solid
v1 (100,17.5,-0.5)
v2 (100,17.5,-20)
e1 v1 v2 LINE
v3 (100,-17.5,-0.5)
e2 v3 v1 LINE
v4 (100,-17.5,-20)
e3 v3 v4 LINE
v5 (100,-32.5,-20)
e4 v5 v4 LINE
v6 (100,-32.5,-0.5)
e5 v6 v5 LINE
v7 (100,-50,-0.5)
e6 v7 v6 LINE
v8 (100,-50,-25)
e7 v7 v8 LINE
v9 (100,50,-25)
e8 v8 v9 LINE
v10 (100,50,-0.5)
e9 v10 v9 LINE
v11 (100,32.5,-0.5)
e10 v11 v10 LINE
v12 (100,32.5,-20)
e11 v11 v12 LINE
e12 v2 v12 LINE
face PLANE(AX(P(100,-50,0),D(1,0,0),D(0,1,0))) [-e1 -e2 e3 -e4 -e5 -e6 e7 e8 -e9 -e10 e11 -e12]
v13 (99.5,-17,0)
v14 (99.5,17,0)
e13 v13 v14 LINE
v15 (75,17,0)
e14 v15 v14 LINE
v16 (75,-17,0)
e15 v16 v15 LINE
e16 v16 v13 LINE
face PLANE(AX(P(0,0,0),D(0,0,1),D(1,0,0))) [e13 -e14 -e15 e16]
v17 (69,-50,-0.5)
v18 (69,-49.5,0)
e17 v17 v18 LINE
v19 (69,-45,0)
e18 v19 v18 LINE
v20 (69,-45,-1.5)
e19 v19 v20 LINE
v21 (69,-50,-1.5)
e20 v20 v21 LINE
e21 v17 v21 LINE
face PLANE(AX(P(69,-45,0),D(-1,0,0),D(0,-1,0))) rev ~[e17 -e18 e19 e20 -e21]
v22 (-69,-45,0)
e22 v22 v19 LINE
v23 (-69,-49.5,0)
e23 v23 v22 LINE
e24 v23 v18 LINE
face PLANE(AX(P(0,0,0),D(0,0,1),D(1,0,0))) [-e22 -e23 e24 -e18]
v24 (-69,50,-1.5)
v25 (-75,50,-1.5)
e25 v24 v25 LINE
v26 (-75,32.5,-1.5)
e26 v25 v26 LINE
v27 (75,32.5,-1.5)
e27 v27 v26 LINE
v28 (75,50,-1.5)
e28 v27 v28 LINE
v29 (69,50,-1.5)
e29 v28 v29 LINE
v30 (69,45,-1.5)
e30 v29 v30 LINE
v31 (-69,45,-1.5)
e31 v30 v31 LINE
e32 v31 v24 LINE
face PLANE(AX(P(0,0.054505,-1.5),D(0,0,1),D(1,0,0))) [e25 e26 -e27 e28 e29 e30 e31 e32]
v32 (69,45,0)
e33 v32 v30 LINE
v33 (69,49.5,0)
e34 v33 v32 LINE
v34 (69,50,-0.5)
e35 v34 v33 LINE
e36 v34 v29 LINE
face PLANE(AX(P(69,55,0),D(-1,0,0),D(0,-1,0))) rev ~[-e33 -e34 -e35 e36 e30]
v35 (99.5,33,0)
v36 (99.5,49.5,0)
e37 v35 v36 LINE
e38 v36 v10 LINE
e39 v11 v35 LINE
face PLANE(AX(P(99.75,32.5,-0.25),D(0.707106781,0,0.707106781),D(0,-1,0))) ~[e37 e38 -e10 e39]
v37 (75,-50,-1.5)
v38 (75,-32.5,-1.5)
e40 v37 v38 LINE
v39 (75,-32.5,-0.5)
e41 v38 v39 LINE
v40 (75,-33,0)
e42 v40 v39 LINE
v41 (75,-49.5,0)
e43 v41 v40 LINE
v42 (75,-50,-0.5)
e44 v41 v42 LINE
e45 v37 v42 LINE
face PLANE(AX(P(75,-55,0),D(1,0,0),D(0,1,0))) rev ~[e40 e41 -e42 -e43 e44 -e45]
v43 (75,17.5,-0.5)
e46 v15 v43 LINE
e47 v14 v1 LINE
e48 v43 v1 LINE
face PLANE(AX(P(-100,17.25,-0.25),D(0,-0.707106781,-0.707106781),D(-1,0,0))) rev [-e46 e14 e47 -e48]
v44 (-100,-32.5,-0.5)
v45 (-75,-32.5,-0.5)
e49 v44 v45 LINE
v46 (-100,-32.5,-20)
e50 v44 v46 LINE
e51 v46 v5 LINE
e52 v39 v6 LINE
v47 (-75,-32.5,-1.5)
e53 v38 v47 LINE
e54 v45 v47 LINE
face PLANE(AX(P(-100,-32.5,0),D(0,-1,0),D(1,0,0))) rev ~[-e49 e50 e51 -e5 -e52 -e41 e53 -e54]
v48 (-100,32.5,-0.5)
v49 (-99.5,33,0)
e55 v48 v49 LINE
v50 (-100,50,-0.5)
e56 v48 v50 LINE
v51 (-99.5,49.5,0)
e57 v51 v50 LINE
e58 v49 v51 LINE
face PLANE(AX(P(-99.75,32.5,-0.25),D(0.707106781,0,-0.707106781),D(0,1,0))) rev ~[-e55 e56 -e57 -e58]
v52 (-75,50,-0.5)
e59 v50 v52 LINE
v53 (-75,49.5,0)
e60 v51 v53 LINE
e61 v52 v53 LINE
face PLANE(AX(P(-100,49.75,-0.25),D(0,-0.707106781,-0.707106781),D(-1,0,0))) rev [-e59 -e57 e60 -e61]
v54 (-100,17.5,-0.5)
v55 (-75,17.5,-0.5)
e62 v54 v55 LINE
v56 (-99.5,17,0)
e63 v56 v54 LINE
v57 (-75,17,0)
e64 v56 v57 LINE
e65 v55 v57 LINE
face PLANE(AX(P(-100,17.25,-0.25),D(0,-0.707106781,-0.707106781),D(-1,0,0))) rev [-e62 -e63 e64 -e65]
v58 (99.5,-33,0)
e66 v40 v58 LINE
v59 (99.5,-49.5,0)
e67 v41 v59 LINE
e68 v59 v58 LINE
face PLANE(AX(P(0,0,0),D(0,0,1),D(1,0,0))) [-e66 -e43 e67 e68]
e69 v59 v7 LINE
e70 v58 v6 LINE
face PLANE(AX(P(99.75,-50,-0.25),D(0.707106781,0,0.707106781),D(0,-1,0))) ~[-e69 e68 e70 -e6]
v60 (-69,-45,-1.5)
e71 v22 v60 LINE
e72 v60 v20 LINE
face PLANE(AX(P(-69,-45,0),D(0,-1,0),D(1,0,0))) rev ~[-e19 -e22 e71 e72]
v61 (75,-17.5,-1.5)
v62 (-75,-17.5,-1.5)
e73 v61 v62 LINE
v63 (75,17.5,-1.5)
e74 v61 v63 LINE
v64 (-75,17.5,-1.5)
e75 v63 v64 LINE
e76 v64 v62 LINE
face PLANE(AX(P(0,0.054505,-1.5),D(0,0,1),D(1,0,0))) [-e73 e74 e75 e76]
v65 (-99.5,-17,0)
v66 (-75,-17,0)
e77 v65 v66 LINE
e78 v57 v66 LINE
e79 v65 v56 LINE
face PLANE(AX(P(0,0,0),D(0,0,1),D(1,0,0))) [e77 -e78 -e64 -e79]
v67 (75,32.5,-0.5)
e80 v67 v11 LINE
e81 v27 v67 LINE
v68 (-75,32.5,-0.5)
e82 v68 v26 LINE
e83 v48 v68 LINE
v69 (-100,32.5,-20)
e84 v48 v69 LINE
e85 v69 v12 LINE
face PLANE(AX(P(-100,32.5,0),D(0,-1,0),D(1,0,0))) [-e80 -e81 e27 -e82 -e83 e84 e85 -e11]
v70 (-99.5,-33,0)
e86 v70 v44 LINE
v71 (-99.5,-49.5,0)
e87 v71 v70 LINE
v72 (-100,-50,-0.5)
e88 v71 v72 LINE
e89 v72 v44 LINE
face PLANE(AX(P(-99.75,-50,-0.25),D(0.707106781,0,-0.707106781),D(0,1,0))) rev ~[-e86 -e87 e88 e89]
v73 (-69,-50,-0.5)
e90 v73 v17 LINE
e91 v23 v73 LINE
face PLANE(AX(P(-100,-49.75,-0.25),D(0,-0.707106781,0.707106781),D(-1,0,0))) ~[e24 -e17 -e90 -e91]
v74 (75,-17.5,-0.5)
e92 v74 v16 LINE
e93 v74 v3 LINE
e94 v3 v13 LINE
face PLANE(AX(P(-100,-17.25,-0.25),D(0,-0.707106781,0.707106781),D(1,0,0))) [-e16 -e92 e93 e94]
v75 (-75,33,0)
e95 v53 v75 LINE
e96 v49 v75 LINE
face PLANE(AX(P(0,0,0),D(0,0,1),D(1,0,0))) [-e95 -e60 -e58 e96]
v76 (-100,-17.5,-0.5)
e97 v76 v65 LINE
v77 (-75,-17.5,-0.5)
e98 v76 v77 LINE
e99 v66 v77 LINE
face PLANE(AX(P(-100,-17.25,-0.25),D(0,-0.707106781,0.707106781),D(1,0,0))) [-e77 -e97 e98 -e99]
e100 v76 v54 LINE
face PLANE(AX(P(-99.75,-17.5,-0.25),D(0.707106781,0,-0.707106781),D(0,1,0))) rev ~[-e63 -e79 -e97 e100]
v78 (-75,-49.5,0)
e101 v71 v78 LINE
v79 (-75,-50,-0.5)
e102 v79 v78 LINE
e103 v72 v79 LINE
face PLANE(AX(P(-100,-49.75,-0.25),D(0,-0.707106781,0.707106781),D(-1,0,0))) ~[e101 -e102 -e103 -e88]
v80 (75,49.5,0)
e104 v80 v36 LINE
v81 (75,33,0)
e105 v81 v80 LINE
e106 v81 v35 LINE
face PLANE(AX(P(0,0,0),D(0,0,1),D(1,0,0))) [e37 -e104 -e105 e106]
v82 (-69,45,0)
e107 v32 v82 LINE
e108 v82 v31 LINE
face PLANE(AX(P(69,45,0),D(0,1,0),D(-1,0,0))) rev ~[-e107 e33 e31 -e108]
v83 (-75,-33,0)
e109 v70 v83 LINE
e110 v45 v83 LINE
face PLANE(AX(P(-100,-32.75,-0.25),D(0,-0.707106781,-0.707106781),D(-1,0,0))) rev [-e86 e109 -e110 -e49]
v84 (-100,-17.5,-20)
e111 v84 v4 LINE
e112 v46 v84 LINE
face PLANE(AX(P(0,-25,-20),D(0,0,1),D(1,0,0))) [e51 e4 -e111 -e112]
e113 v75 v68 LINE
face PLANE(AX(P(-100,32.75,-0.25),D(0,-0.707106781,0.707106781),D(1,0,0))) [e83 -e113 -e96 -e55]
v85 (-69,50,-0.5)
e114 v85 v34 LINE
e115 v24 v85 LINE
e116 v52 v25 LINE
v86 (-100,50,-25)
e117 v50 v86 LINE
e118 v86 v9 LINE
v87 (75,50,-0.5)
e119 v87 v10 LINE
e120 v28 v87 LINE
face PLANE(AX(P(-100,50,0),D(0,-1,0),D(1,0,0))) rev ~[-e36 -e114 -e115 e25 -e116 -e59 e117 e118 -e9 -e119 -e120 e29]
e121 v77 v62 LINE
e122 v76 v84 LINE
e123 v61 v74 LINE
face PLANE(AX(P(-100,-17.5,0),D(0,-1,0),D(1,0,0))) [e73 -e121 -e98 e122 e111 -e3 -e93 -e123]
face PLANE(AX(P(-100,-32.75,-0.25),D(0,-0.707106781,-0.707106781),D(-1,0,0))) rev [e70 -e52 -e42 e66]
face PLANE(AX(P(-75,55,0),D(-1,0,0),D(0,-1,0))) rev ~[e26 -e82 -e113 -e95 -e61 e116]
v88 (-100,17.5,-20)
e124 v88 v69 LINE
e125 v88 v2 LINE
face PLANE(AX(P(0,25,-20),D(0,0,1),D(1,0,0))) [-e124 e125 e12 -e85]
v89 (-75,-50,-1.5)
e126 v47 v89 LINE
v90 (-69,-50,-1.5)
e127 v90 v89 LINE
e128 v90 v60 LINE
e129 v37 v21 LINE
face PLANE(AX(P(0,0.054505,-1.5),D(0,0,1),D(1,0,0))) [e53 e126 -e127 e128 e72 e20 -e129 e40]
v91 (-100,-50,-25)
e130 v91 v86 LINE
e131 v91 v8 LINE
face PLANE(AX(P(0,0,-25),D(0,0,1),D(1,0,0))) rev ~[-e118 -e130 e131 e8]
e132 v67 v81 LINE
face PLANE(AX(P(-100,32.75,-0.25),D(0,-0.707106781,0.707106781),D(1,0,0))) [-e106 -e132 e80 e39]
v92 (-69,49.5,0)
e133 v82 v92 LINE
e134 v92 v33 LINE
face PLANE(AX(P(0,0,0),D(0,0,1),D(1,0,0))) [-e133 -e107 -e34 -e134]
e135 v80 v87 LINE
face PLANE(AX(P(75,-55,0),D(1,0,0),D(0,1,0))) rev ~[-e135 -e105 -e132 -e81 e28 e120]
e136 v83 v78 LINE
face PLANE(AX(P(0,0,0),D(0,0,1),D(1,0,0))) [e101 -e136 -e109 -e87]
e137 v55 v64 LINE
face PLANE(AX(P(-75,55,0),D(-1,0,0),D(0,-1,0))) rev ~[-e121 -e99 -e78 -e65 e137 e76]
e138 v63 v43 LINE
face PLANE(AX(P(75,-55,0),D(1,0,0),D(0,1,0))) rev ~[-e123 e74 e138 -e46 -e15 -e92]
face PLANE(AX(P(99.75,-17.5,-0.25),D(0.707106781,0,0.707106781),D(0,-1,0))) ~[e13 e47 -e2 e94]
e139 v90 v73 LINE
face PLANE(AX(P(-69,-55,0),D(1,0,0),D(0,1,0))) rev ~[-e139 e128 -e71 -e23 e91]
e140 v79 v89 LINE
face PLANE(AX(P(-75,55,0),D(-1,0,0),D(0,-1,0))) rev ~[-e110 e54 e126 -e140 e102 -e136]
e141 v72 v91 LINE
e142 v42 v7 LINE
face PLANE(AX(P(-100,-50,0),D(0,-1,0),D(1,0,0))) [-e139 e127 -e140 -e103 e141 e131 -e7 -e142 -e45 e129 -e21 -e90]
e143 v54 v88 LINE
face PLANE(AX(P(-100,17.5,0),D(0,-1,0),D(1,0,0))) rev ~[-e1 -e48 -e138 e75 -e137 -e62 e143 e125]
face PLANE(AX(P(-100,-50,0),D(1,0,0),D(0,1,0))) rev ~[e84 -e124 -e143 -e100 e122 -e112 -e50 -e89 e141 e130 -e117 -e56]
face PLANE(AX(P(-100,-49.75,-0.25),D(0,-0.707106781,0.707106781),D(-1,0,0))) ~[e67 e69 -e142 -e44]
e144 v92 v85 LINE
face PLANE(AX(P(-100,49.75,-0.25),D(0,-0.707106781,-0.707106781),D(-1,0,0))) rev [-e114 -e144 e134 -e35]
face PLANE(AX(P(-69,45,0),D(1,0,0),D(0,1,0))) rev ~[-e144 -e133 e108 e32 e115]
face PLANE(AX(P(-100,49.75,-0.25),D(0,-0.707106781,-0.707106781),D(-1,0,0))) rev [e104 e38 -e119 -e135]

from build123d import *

# Parameters (mm, degrees)
F0_W     = 200
F0_H     = 100
F1_DEPTH = 25
F2_W     = 200
F2_H     = 15
F3_DEPTH = 20
F4_SIZE  = 0.5
F6_DEPTH = 1.5


with BuildPart() as f1:
    # F0 (on Top) → F1 (new body)
    with BuildSketch(Plane.XY):
        Rectangle(F0_W, F0_H)
    extrude(amount=-F1_DEPTH)

    # F2 (on face) → F3 (cut)
    with BuildSketch(Plane.XY):
        with Locations((0, 25.0000003725)):
            Rectangle(F2_W, F2_H)
        with Locations((0, -25.0000003725)):
            Rectangle(F2_W, F2_H)
    extrude(amount=-F3_DEPTH, mode=Mode.SUBTRACT)

    # F4
    f4_edges = [f1.edges().sort_by_distance(p)[0] for p in [
        (0, -50, 0),
        (0, -32.5, 0),
        (0, -17.5, 0),
        (0, 17.5, 0),
        (0, 32.5, 0),
        (0, 50, 0),
        (100, -41.25, 0),
        (100, 0, 0),
        (100, 41.25, 0),
        (-100, 41.25, 0),
        (-100, 0, 0),
        (-100, -41.25, 0),
    ]]
    chamfer(f4_edges, length=F4_SIZE)

    # F5 (on Top) → F6 (cut)
    with BuildSketch(Plane.XY):
        with BuildLine():
            Line((69, 55), (69, 45))
            Line((69, 45), (-69, 45))
            Line((-69, 45), (-69, 55))
            ThreePointArc((-69, 55), (-72, 58), (-75, 55))
            Line((-75, 55), (-75, -55))
            ThreePointArc((-75, -55), (-72, -52), (-69, -55))
            Line((-69, -55), (-69, -45))
            Line((-69, -45), (69, -45))
            Line((69, -45), (69, -55))
            ThreePointArc((69, -55), (72, -58), (75, -55))
            Line((75, -55), (75, 0))
            Line((75, 0), (75, 55))
            ThreePointArc((75, 55), (72, 58), (69, 55))
        make_face()
    extrude(amount=-F6_DEPTH, mode=Mode.SUBTRACT)


solid = f1.part
